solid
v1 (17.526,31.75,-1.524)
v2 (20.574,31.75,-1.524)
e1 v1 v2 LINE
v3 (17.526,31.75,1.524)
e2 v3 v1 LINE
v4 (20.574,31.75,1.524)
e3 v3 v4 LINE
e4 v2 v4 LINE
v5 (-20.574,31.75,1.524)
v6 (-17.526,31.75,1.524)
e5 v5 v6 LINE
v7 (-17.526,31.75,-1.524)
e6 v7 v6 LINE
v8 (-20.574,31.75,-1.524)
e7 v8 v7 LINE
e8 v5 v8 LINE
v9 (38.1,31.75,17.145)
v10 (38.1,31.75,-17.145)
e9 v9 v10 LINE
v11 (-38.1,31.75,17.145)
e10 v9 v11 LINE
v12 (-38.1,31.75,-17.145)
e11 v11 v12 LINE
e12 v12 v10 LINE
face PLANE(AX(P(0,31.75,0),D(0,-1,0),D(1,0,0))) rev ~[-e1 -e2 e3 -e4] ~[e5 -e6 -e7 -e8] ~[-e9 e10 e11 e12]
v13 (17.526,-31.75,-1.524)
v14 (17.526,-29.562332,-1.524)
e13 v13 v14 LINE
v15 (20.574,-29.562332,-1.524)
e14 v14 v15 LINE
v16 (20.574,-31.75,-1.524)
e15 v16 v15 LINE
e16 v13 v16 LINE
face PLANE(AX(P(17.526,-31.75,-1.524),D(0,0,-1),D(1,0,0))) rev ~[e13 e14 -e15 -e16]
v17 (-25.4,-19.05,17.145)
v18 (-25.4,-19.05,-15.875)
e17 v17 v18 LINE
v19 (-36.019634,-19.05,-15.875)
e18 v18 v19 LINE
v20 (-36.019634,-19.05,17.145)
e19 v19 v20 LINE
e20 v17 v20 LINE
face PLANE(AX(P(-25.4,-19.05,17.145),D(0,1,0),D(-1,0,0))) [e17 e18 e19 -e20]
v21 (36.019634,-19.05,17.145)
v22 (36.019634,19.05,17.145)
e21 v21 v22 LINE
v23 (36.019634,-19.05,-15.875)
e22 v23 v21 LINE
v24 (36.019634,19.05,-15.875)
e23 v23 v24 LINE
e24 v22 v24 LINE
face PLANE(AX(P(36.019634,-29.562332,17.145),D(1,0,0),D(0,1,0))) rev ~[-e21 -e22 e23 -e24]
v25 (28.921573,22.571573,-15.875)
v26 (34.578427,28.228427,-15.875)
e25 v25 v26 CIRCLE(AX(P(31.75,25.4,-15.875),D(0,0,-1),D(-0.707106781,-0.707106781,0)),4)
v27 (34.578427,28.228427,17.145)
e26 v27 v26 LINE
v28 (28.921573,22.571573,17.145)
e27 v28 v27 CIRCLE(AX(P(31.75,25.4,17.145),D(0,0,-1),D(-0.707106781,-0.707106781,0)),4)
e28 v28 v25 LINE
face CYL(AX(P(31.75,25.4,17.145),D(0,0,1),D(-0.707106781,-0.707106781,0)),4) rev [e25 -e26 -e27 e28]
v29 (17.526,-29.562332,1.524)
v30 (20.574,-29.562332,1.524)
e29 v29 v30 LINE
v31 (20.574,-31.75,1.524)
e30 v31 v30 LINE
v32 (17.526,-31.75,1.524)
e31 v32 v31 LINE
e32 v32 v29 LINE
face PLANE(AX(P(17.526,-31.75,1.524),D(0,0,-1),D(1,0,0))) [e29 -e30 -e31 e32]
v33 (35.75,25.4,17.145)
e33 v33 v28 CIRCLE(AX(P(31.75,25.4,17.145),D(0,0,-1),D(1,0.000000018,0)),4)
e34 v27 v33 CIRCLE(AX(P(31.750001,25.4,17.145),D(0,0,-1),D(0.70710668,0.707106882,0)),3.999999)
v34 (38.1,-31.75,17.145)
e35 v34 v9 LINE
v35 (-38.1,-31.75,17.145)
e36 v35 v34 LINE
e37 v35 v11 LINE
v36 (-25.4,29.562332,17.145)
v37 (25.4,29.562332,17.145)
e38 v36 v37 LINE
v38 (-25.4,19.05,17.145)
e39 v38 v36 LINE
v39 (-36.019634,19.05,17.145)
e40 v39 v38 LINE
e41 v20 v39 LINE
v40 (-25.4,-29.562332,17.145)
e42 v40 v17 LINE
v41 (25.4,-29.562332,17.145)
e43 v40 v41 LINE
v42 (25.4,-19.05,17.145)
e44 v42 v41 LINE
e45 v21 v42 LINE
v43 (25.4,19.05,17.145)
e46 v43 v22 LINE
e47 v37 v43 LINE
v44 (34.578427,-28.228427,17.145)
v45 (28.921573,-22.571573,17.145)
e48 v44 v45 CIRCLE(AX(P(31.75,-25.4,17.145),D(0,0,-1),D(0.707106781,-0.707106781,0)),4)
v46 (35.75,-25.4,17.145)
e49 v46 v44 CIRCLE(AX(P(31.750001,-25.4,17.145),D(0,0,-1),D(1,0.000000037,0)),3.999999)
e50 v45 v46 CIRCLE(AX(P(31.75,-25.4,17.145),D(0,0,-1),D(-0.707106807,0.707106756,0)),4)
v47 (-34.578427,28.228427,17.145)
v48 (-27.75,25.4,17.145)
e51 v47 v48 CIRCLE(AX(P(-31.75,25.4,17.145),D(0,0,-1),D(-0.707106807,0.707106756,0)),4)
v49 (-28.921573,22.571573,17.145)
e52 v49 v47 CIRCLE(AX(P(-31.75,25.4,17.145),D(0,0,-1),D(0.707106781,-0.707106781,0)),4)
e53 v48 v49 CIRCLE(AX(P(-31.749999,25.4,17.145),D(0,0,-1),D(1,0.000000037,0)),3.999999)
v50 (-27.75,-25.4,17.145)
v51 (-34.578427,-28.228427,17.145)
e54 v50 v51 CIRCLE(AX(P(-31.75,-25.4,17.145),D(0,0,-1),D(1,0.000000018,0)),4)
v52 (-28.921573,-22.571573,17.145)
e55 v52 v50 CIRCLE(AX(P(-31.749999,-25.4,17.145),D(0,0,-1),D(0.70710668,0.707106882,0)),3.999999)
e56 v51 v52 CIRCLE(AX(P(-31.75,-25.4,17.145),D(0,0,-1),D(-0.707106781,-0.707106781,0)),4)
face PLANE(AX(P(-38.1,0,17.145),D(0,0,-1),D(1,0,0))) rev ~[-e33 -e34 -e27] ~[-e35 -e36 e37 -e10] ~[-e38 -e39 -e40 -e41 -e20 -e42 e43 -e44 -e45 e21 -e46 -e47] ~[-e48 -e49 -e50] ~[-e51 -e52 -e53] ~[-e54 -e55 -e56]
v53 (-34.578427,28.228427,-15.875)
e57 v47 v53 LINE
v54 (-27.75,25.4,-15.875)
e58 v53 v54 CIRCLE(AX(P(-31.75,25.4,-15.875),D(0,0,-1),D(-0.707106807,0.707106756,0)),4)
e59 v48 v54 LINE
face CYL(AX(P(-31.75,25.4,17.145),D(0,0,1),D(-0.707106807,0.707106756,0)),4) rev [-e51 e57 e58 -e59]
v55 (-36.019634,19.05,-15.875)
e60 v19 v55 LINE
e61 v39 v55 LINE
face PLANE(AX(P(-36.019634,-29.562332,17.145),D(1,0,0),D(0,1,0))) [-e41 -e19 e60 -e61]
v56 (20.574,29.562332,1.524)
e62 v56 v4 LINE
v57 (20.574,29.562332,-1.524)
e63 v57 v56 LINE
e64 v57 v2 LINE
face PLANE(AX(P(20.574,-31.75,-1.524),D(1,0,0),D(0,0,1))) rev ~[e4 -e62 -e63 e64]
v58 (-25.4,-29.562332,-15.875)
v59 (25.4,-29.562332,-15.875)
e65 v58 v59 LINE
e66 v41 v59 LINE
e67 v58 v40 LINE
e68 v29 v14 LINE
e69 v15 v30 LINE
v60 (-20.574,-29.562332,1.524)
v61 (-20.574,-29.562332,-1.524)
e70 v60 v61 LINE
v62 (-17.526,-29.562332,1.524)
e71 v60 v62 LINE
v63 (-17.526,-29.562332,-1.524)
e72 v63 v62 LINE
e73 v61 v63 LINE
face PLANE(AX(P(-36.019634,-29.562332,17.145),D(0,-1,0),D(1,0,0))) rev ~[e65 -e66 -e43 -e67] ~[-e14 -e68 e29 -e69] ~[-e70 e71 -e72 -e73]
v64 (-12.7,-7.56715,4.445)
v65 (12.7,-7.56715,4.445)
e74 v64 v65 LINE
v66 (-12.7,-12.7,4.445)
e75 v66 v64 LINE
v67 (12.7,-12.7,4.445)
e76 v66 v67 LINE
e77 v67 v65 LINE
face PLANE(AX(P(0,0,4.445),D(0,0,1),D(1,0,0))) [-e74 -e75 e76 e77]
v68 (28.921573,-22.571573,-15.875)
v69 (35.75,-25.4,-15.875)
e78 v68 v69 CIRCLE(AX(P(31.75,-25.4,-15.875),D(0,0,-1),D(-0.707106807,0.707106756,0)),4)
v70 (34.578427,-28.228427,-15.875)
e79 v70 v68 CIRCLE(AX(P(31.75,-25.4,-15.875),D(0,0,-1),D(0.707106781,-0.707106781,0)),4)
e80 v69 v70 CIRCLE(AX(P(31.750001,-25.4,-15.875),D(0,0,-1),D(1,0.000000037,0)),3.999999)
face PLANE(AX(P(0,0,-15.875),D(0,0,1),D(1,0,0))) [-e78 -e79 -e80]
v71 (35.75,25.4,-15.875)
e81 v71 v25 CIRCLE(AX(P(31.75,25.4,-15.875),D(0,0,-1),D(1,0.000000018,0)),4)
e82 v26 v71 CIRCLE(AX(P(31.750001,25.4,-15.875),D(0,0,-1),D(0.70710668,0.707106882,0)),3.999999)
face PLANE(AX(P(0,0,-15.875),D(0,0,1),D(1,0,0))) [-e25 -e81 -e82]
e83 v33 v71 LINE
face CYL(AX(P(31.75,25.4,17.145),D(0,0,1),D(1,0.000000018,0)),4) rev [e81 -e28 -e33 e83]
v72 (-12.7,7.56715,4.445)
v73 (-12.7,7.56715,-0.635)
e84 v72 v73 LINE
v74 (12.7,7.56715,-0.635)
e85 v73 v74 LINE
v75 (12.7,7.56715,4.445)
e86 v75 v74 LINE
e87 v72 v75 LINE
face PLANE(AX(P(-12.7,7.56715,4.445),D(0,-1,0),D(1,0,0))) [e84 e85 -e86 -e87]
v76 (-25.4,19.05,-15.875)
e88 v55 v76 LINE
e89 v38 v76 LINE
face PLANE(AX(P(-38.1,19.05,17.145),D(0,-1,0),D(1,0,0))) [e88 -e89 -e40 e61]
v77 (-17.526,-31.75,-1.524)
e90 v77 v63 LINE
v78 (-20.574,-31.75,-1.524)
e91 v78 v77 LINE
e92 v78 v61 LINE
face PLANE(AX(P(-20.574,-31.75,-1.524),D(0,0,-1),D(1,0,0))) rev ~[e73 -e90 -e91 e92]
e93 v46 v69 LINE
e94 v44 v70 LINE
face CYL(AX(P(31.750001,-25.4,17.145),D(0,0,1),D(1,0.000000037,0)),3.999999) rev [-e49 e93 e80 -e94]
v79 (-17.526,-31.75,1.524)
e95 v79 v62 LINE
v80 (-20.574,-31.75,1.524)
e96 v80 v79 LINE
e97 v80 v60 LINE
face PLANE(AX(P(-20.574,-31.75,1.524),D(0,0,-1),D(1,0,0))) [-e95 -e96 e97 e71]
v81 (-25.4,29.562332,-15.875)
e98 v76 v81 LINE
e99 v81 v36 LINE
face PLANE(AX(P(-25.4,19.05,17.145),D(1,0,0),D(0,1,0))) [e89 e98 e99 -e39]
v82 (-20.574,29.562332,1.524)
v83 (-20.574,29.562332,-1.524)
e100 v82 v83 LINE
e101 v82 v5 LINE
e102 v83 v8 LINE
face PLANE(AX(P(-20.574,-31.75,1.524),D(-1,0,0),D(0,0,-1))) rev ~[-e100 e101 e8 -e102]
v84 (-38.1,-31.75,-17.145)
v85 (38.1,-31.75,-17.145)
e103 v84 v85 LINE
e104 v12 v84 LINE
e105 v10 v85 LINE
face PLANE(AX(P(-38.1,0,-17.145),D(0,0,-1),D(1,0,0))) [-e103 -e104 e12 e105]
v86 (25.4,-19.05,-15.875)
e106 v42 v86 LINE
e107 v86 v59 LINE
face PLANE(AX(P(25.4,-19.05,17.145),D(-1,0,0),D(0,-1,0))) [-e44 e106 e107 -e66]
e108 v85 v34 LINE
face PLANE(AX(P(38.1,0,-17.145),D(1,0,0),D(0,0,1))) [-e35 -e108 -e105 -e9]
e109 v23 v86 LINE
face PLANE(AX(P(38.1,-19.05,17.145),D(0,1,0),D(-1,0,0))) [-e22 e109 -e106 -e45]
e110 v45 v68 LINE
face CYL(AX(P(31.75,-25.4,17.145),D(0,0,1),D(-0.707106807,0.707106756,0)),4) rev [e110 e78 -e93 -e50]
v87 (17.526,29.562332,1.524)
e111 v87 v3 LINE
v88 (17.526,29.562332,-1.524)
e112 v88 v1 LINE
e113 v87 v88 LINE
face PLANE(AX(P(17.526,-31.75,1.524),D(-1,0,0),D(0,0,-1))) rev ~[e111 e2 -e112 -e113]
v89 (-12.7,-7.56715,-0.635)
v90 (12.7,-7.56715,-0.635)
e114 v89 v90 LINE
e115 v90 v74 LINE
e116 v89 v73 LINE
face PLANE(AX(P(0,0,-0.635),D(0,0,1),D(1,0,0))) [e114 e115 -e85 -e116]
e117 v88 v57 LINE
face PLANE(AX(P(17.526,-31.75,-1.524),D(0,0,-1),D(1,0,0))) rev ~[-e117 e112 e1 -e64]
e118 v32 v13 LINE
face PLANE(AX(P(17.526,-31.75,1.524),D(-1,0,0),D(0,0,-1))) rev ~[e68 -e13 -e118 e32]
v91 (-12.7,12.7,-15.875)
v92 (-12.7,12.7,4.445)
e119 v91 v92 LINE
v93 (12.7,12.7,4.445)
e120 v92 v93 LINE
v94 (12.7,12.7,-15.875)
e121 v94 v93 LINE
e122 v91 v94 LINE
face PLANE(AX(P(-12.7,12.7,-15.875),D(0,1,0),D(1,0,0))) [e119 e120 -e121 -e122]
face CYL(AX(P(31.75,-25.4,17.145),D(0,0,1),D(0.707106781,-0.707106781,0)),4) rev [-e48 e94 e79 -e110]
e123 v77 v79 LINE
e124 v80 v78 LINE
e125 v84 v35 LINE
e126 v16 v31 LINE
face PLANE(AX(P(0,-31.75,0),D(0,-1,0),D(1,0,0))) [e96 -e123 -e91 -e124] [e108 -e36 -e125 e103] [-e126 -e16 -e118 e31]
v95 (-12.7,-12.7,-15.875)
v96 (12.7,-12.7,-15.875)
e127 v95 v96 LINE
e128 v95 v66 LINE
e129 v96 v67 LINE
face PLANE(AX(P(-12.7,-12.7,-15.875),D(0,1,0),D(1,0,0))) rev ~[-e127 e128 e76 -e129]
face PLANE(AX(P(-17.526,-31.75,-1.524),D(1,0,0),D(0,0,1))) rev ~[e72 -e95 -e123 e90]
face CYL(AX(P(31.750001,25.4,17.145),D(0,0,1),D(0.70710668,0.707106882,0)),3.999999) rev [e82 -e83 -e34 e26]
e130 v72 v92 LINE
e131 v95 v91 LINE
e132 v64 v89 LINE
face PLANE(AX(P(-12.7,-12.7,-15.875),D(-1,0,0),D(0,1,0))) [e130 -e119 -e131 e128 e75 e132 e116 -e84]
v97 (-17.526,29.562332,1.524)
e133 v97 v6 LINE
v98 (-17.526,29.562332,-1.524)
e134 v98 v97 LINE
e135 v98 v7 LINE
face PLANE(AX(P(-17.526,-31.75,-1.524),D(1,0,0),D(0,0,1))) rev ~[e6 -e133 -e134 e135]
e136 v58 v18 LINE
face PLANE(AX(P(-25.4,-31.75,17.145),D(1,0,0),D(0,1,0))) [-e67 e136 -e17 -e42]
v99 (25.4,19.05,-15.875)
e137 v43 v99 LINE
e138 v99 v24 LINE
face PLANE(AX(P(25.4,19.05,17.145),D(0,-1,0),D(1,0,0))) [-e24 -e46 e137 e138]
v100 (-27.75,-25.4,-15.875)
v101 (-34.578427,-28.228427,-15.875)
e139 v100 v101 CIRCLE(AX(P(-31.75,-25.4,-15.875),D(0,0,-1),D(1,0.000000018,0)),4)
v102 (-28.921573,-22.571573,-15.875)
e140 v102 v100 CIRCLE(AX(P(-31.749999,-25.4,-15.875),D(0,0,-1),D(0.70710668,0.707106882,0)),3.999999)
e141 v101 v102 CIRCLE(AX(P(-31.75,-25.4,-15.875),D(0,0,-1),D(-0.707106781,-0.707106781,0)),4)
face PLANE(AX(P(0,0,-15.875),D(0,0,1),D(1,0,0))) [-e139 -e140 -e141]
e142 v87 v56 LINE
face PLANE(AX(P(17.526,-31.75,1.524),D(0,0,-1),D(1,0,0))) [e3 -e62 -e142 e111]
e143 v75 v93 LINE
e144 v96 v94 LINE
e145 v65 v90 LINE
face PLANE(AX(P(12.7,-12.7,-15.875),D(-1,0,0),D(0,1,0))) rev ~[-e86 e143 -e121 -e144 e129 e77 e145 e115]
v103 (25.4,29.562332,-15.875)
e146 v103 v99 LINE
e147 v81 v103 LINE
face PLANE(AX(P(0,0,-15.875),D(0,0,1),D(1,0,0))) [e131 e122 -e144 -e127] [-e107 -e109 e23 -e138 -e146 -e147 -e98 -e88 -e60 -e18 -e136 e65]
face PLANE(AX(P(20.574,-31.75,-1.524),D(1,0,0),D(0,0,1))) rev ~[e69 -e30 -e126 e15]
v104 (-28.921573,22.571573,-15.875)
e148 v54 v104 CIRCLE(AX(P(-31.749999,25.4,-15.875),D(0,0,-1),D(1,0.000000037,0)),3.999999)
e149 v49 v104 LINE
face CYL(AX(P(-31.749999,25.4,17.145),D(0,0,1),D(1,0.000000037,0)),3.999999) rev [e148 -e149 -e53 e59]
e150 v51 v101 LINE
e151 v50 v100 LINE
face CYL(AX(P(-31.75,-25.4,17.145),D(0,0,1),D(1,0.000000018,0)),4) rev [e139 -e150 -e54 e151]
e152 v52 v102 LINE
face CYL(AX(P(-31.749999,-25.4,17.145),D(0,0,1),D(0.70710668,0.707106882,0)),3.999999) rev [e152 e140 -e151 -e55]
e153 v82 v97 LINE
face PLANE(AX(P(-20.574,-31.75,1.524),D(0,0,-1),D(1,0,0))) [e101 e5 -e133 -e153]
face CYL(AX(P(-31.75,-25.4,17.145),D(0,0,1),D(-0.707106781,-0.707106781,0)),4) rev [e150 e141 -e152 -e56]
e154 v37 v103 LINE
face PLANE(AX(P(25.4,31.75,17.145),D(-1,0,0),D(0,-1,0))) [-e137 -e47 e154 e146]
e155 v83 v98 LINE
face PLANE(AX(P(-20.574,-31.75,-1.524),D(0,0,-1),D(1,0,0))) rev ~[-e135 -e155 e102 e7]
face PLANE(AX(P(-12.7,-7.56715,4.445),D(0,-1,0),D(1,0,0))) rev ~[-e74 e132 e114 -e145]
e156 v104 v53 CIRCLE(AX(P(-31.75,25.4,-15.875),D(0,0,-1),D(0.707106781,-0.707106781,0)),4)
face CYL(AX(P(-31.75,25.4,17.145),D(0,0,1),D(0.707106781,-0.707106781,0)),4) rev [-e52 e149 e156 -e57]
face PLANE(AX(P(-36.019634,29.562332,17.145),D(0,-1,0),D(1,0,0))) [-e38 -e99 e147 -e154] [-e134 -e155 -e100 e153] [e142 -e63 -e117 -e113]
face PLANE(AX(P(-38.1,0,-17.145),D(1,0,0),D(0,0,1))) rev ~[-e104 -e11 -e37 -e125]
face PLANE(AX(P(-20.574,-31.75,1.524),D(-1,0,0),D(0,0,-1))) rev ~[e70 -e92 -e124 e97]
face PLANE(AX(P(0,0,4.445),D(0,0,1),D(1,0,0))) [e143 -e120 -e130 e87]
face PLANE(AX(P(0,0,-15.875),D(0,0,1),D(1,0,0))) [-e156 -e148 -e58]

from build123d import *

# Parameters (mm, degrees)
F0_W      = 76.2
F0_H      = 34.29
F1_DEPTH  = 31.75
F2_W      = 72.039268
F2_H      = 59.124664
F3_DEPTH  = 33.02
F4_W      = 3.048
F4_H      = 1.524
F5_DEPTH  = 76.2
F7_DEPTH  = 33.02
F8_W      = 25.4
F8_H      = 25.4
F9_DEPTH  = 20.32
F10_W     = 25.4
F10_H     = 15.1343
F11_DEPTH = 5.08


with BuildPart() as f1:
    # F0 (on Front) → F1 (new body, symmetric)
    with BuildSketch(Plane.XZ):
        Rectangle(F0_W, F0_H)
    extrude(amount=F1_DEPTH, both=True)

    # F2 (on face) → F3 (cut)
    with BuildSketch(Plane.XY.offset(17.145)):
        Rectangle(F2_W, F2_H)
    extrude(amount=-F3_DEPTH, mode=Mode.SUBTRACT)

    # F4 (on face) → F5 (cut)
    with BuildSketch(Plane.XZ.offset(31.75)):
        with Locations((-19.05, 0.762)):
            Rectangle(F4_W, F4_H)
        with Locations((19.05, 0.762)):
            Rectangle(F4_W, F4_H)
        with Locations((19.05, -0.762)):
            Rectangle(F4_W, F4_H)
        with Locations((-19.05, -0.762)):
            Rectangle(F4_W, F4_H)
    extrude(amount=-F5_DEPTH, mode=Mode.SUBTRACT)

    # F6 (on face) → F7 (join)
    with BuildSketch(Plane.XY.offset(17.145)):
        with BuildLine():
            Line((-34.578427, 28.228427), (-38.1, 31.75))
            Line((-38.1, 31.75), (-38.1, 19.05))
            Line((-38.1, 19.05), (-25.4, 19.05))
            Line((-25.4, 19.05), (-28.921573, 22.571573))
            ThreePointArc((-28.921573, 22.571573), (-34.578427, 22.571573), (-34.578427, 28.228427))
        make_face()
        with BuildLine():
            Line((-25.4, 31.75), (-38.1, 31.75))
            Line((-38.1, 31.75), (-34.578427, 28.228427))
            ThreePointArc((-34.578427, 28.228427), (-30.219266, 29.095518), (-27.75, 25.4))
            ThreePointArc((-27.75, 25.4), (-28.054482, 23.869266), (-28.921573, 22.571573))
            Line((-28.921573, 22.571573), (-25.4, 19.05))
            Line((-25.4, 19.05), (-25.4, 31.75))
        make_face()
        with BuildLine():
            Line((-34.578427, -28.228427), (-38.1, -31.75))
            Line((-38.1, -31.75), (-25.4, -31.75))
            Line((-25.4, -31.75), (-25.4, -19.05))
            Line((-25.4, -19.05), (-28.921573, -22.571573))
            ThreePointArc((-28.921573, -22.571573), (-28.054482, -23.869266), (-27.75, -25.4))
            ThreePointArc((-27.75, -25.4), (-30.219266, -29.095518), (-34.578427, -28.228427))
        make_face()
        with BuildLine():
            Line((-38.1, -19.05), (-38.1, -31.75))
            Line((-38.1, -31.75), (-34.578427, -28.228427))
            ThreePointArc((-34.578427, -28.228427), (-34.578427, -22.571573), (-28.921573, -22.571573))
            Line((-28.921573, -22.571573), (-25.4, -19.05))
            Line((-25.4, -19.05), (-38.1, -19.05))
        make_face()
        with BuildLine():
            Line((34.578427, -28.228427), (38.1, -31.75))
            Line((38.1, -31.75), (38.1, -19.05))
            Line((38.1, -19.05), (25.4, -19.05))
            Line((25.4, -19.05), (28.921573, -22.571573))
            ThreePointArc((28.921573, -22.571573), (33.280734, -21.704482), (35.75, -25.4))
            ThreePointArc((35.75, -25.4), (35.445518, -26.930734), (34.578427, -28.228427))
        make_face()
        with BuildLine():
            Line((25.4, -31.75), (38.1, -31.75))
            Line((38.1, -31.75), (34.578427, -28.228427))
            ThreePointArc((34.578427, -28.228427), (28.921573, -28.228427), (28.921573, -22.571573))
            Line((28.921573, -22.571573), (25.4, -19.05))
            Line((25.4, -19.05), (25.4, -31.75))
        make_face()
        with BuildLine():
            Line((34.578427, 28.228427), (38.1, 31.75))
            Line((38.1, 31.75), (25.4, 31.75))
            Line((25.4, 31.75), (25.4, 19.05))
            Line((25.4, 19.05), (28.921573, 22.571573))
            ThreePointArc((28.921573, 22.571573), (28.921573, 28.228427), (34.578427, 28.228427))
        make_face()
        with BuildLine():
            Line((38.1, 19.05), (38.1, 31.75))
            Line((38.1, 31.75), (34.578427, 28.228427))
            ThreePointArc((34.578427, 28.228427), (35.445518, 26.930734), (35.75, 25.4))
            ThreePointArc((35.75, 25.4), (33.280734, 21.704482), (28.921573, 22.571573))
            Line((28.921573, 22.571573), (25.4, 19.05))
            Line((25.4, 19.05), (38.1, 19.05))
        make_face()
    extrude(amount=-F7_DEPTH)

    # F8 (on face) → F9 (join)
    with BuildSketch(Plane.XY.offset(-15.875)):
        Rectangle(F8_W, F8_H)
    extrude(amount=F9_DEPTH)

    # F10 (on face) → F11 (cut)
    with BuildSketch(Plane.XY.offset(4.445)):
        Rectangle(F10_W, F10_H)
    extrude(amount=-F11_DEPTH, mode=Mode.SUBTRACT)


solid = f1.part
